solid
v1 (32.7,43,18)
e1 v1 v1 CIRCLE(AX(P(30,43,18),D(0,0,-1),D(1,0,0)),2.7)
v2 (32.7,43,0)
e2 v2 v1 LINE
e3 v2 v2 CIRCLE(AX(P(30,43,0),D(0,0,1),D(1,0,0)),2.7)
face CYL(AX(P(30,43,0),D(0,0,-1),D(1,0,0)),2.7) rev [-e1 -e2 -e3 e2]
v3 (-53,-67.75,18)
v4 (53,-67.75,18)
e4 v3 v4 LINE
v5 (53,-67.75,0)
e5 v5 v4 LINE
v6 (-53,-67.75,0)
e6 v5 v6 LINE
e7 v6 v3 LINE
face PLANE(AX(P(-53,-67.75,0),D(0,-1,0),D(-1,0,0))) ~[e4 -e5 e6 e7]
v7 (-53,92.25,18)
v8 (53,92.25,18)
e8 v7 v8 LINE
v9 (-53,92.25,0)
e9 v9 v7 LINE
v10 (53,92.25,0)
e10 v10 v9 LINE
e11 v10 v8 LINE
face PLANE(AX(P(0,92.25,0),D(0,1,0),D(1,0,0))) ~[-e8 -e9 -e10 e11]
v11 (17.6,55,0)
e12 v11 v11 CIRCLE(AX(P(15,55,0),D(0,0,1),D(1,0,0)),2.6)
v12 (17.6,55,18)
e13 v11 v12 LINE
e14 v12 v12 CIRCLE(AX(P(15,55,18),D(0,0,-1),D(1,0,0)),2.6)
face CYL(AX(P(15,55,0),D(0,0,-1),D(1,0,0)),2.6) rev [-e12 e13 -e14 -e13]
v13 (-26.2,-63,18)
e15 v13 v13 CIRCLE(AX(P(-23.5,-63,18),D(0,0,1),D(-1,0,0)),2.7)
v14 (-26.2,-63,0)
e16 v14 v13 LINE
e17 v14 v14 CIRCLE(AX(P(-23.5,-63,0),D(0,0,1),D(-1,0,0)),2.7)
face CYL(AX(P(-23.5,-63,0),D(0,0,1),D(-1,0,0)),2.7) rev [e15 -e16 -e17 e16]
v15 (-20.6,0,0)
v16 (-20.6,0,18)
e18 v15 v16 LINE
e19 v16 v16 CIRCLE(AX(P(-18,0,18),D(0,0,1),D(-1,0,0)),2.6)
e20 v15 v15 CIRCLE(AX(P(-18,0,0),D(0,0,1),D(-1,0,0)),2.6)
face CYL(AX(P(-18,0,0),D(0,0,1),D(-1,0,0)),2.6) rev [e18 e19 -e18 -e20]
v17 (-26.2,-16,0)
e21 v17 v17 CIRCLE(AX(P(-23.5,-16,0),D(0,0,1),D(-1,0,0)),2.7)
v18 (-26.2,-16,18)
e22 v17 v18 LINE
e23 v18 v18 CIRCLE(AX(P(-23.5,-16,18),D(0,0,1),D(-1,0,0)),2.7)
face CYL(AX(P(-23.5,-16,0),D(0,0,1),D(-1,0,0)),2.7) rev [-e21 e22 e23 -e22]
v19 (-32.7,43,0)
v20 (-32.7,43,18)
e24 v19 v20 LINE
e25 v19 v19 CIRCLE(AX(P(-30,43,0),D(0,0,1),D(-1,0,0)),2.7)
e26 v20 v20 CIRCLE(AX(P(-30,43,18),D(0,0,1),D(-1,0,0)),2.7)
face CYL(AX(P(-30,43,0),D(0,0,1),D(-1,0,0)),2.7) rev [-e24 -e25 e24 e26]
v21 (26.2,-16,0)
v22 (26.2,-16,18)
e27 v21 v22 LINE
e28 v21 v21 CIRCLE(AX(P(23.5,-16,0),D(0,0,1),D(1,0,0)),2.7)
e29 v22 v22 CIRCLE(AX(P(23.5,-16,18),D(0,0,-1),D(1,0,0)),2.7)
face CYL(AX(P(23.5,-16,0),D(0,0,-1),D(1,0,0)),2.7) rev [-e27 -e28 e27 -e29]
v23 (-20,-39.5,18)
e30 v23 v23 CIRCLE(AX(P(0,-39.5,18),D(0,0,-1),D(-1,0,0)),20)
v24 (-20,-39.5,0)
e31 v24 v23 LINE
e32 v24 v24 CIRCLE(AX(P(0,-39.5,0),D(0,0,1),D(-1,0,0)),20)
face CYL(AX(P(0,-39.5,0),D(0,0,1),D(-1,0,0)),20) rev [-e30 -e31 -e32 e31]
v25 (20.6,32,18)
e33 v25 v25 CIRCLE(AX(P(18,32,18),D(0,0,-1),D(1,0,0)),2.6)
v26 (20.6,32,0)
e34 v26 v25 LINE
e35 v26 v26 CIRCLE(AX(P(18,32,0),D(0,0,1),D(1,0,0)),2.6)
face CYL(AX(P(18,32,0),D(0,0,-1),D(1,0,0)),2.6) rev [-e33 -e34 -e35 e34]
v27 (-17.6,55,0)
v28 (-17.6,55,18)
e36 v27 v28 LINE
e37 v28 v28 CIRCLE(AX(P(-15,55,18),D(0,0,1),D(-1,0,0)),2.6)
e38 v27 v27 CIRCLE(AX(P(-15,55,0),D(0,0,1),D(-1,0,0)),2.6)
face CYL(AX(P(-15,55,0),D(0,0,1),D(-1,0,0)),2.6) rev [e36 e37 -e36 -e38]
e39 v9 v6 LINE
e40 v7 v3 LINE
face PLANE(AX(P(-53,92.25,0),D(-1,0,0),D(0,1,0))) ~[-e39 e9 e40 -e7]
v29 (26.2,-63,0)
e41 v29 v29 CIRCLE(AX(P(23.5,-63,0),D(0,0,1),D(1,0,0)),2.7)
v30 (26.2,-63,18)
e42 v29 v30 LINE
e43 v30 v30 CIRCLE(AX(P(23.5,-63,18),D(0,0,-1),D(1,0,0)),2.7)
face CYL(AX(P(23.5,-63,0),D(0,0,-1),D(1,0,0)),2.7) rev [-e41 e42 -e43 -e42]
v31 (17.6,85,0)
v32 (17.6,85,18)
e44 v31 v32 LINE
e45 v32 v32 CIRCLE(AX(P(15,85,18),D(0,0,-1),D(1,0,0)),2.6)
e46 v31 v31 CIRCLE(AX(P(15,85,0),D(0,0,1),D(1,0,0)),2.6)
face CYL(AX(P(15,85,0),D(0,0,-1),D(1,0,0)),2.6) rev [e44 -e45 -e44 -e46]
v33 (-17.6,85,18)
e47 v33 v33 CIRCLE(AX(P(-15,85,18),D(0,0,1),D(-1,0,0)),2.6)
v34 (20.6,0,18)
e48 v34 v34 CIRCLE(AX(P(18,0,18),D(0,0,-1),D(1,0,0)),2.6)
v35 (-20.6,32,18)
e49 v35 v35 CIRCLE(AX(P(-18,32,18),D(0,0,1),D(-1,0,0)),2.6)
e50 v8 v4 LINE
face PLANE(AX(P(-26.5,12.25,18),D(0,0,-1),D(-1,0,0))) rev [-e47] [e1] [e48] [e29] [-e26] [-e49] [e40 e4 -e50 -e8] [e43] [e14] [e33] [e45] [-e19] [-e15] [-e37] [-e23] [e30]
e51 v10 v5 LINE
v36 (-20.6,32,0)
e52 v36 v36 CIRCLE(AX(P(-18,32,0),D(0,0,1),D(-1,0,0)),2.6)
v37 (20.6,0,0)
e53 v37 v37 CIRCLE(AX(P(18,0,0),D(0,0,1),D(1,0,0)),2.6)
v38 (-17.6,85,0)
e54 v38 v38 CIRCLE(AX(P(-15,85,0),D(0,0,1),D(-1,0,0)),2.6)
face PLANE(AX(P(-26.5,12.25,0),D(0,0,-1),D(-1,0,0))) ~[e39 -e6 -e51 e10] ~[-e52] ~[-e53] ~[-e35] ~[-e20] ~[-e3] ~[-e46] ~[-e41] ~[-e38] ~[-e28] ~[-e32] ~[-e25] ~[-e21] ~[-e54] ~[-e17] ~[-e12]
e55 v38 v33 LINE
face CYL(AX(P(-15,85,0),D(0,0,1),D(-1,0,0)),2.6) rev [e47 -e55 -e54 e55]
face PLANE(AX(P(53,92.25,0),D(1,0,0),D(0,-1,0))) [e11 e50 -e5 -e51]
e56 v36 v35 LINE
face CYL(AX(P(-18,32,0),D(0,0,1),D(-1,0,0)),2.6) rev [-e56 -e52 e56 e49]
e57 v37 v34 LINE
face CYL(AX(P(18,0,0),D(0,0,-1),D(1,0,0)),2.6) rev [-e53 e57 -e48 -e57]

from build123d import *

# Parameters (mm, degrees)
PAD_DEPTH            = 18
SKETCH_R             = 2.6
POCKET_DEPTH         = 339.017224
POCKET_DEPTH_BACK    = 357.017224
SKETCH001_R          = 2.6
POCKET001_DEPTH      = 339.017224
POCKET001_DEPTH_BACK = 357.017224
SKETCH002_R          = 20
POCKET002_DEPTH      = 339.017224
POCKET002_DEPTH_BACK = 357.017224
SKETCH004_R          = 2.7
POCKET003_DEPTH      = 339.017224
POCKET003_DEPTH_BACK = 357.017224
SKETCH005_R          = 2.7
POCKET004_DEPTH      = 339.017224
POCKET004_DEPTH_BACK = 357.017224


with BuildPart() as part:
    # Sketch003 → Pad (new body)
    with BuildSketch(Plane.XY):
        Polygon((0, 92.25), (53, 92.25), (53, -67.75), (0, -67.75), (0, 0), align=None)
    pad = extrude(amount=PAD_DEPTH)

    # Sketch → Pocket (cut, two sides)
    with BuildSketch(Plane(origin=(18, 0, 0), x_dir=(1, 0, 0), z_dir=(0, 0, 1))) as pocket_sk:
        Circle(SKETCH_R)
        with Locations((0, 32)):
            Circle(SKETCH_R)
    pocket = extrude(amount=-POCKET_DEPTH, mode=Mode.SUBTRACT) + extrude(pocket_sk.sketch, amount=POCKET_DEPTH_BACK, mode=Mode.SUBTRACT)

    # Sketch001 → Pocket001 (cut, two sides)
    with BuildSketch(Plane(origin=(15, 55, 0), x_dir=(1, 0, 0), z_dir=(0, 0, 1))) as pocket001_sk:
        Circle(SKETCH001_R)
        with Locations((0, 30)):
            Circle(SKETCH001_R)
    pocket001 = extrude(amount=-POCKET001_DEPTH, mode=Mode.SUBTRACT) + extrude(pocket001_sk.sketch, amount=POCKET001_DEPTH_BACK, mode=Mode.SUBTRACT)

    # Sketch002 → Pocket002 (cut, two sides)
    with BuildSketch(Plane(origin=(0, -39.5, 0), x_dir=(1, 0, 0), z_dir=(0, 0, 1))) as pocket002_sk:
        Circle(SKETCH002_R)
    pocket002 = extrude(amount=-POCKET002_DEPTH, mode=Mode.SUBTRACT) + extrude(pocket002_sk.sketch, amount=POCKET002_DEPTH_BACK, mode=Mode.SUBTRACT)

    # Sketch004 → Pocket003 (cut, two sides)
    with BuildSketch(Plane(origin=(23.5, -39.5, 0), x_dir=(1, 0, 0), z_dir=(0, 0, 1))) as pocket003_sk:
        with Locations((0, 23.5)):
            Circle(SKETCH004_R)
        with Locations((0, -23.5)):
            Circle(SKETCH004_R)
    pocket003 = extrude(amount=-POCKET003_DEPTH, mode=Mode.SUBTRACT) + extrude(pocket003_sk.sketch, amount=POCKET003_DEPTH_BACK, mode=Mode.SUBTRACT)

    # Sketch005 → Pocket004 (cut, two sides)
    with BuildSketch(Plane(origin=(30, 43, 0), x_dir=(1, 0, 0), z_dir=(0, 0, 1))) as pocket004_sk:
        Circle(SKETCH005_R)
    pocket004 = extrude(amount=-POCKET004_DEPTH, mode=Mode.SUBTRACT) + extrude(pocket004_sk.sketch, amount=POCKET004_DEPTH_BACK, mode=Mode.SUBTRACT)

    # Mirrored: Pad, Pocket, Pocket001, Pocket002, Pocket003, Pocket004 across Sketch003 V_Axis
    add(pad.mirror(Plane(origin=(0, 0, 0), x_dir=(0, 0, 1), z_dir=(1, 0, 0))))
    add(pocket.mirror(Plane(origin=(0, 0, 0), x_dir=(0, 0, 1), z_dir=(1, 0, 0))), mode=Mode.SUBTRACT)
    add(pocket001.mirror(Plane(origin=(0, 0, 0), x_dir=(0, 0, 1), z_dir=(1, 0, 0))), mode=Mode.SUBTRACT)
    add(pocket002.mirror(Plane(origin=(0, 0, 0), x_dir=(0, 0, 1), z_dir=(1, 0, 0))), mode=Mode.SUBTRACT)
    add(pocket003.mirror(Plane(origin=(0, 0, 0), x_dir=(0, 0, 1), z_dir=(1, 0, 0))), mode=Mode.SUBTRACT)
    add(pocket004.mirror(Plane(origin=(0, 0, 0), x_dir=(0, 0, 1), z_dir=(1, 0, 0))), mode=Mode.SUBTRACT)


solid = part.part
